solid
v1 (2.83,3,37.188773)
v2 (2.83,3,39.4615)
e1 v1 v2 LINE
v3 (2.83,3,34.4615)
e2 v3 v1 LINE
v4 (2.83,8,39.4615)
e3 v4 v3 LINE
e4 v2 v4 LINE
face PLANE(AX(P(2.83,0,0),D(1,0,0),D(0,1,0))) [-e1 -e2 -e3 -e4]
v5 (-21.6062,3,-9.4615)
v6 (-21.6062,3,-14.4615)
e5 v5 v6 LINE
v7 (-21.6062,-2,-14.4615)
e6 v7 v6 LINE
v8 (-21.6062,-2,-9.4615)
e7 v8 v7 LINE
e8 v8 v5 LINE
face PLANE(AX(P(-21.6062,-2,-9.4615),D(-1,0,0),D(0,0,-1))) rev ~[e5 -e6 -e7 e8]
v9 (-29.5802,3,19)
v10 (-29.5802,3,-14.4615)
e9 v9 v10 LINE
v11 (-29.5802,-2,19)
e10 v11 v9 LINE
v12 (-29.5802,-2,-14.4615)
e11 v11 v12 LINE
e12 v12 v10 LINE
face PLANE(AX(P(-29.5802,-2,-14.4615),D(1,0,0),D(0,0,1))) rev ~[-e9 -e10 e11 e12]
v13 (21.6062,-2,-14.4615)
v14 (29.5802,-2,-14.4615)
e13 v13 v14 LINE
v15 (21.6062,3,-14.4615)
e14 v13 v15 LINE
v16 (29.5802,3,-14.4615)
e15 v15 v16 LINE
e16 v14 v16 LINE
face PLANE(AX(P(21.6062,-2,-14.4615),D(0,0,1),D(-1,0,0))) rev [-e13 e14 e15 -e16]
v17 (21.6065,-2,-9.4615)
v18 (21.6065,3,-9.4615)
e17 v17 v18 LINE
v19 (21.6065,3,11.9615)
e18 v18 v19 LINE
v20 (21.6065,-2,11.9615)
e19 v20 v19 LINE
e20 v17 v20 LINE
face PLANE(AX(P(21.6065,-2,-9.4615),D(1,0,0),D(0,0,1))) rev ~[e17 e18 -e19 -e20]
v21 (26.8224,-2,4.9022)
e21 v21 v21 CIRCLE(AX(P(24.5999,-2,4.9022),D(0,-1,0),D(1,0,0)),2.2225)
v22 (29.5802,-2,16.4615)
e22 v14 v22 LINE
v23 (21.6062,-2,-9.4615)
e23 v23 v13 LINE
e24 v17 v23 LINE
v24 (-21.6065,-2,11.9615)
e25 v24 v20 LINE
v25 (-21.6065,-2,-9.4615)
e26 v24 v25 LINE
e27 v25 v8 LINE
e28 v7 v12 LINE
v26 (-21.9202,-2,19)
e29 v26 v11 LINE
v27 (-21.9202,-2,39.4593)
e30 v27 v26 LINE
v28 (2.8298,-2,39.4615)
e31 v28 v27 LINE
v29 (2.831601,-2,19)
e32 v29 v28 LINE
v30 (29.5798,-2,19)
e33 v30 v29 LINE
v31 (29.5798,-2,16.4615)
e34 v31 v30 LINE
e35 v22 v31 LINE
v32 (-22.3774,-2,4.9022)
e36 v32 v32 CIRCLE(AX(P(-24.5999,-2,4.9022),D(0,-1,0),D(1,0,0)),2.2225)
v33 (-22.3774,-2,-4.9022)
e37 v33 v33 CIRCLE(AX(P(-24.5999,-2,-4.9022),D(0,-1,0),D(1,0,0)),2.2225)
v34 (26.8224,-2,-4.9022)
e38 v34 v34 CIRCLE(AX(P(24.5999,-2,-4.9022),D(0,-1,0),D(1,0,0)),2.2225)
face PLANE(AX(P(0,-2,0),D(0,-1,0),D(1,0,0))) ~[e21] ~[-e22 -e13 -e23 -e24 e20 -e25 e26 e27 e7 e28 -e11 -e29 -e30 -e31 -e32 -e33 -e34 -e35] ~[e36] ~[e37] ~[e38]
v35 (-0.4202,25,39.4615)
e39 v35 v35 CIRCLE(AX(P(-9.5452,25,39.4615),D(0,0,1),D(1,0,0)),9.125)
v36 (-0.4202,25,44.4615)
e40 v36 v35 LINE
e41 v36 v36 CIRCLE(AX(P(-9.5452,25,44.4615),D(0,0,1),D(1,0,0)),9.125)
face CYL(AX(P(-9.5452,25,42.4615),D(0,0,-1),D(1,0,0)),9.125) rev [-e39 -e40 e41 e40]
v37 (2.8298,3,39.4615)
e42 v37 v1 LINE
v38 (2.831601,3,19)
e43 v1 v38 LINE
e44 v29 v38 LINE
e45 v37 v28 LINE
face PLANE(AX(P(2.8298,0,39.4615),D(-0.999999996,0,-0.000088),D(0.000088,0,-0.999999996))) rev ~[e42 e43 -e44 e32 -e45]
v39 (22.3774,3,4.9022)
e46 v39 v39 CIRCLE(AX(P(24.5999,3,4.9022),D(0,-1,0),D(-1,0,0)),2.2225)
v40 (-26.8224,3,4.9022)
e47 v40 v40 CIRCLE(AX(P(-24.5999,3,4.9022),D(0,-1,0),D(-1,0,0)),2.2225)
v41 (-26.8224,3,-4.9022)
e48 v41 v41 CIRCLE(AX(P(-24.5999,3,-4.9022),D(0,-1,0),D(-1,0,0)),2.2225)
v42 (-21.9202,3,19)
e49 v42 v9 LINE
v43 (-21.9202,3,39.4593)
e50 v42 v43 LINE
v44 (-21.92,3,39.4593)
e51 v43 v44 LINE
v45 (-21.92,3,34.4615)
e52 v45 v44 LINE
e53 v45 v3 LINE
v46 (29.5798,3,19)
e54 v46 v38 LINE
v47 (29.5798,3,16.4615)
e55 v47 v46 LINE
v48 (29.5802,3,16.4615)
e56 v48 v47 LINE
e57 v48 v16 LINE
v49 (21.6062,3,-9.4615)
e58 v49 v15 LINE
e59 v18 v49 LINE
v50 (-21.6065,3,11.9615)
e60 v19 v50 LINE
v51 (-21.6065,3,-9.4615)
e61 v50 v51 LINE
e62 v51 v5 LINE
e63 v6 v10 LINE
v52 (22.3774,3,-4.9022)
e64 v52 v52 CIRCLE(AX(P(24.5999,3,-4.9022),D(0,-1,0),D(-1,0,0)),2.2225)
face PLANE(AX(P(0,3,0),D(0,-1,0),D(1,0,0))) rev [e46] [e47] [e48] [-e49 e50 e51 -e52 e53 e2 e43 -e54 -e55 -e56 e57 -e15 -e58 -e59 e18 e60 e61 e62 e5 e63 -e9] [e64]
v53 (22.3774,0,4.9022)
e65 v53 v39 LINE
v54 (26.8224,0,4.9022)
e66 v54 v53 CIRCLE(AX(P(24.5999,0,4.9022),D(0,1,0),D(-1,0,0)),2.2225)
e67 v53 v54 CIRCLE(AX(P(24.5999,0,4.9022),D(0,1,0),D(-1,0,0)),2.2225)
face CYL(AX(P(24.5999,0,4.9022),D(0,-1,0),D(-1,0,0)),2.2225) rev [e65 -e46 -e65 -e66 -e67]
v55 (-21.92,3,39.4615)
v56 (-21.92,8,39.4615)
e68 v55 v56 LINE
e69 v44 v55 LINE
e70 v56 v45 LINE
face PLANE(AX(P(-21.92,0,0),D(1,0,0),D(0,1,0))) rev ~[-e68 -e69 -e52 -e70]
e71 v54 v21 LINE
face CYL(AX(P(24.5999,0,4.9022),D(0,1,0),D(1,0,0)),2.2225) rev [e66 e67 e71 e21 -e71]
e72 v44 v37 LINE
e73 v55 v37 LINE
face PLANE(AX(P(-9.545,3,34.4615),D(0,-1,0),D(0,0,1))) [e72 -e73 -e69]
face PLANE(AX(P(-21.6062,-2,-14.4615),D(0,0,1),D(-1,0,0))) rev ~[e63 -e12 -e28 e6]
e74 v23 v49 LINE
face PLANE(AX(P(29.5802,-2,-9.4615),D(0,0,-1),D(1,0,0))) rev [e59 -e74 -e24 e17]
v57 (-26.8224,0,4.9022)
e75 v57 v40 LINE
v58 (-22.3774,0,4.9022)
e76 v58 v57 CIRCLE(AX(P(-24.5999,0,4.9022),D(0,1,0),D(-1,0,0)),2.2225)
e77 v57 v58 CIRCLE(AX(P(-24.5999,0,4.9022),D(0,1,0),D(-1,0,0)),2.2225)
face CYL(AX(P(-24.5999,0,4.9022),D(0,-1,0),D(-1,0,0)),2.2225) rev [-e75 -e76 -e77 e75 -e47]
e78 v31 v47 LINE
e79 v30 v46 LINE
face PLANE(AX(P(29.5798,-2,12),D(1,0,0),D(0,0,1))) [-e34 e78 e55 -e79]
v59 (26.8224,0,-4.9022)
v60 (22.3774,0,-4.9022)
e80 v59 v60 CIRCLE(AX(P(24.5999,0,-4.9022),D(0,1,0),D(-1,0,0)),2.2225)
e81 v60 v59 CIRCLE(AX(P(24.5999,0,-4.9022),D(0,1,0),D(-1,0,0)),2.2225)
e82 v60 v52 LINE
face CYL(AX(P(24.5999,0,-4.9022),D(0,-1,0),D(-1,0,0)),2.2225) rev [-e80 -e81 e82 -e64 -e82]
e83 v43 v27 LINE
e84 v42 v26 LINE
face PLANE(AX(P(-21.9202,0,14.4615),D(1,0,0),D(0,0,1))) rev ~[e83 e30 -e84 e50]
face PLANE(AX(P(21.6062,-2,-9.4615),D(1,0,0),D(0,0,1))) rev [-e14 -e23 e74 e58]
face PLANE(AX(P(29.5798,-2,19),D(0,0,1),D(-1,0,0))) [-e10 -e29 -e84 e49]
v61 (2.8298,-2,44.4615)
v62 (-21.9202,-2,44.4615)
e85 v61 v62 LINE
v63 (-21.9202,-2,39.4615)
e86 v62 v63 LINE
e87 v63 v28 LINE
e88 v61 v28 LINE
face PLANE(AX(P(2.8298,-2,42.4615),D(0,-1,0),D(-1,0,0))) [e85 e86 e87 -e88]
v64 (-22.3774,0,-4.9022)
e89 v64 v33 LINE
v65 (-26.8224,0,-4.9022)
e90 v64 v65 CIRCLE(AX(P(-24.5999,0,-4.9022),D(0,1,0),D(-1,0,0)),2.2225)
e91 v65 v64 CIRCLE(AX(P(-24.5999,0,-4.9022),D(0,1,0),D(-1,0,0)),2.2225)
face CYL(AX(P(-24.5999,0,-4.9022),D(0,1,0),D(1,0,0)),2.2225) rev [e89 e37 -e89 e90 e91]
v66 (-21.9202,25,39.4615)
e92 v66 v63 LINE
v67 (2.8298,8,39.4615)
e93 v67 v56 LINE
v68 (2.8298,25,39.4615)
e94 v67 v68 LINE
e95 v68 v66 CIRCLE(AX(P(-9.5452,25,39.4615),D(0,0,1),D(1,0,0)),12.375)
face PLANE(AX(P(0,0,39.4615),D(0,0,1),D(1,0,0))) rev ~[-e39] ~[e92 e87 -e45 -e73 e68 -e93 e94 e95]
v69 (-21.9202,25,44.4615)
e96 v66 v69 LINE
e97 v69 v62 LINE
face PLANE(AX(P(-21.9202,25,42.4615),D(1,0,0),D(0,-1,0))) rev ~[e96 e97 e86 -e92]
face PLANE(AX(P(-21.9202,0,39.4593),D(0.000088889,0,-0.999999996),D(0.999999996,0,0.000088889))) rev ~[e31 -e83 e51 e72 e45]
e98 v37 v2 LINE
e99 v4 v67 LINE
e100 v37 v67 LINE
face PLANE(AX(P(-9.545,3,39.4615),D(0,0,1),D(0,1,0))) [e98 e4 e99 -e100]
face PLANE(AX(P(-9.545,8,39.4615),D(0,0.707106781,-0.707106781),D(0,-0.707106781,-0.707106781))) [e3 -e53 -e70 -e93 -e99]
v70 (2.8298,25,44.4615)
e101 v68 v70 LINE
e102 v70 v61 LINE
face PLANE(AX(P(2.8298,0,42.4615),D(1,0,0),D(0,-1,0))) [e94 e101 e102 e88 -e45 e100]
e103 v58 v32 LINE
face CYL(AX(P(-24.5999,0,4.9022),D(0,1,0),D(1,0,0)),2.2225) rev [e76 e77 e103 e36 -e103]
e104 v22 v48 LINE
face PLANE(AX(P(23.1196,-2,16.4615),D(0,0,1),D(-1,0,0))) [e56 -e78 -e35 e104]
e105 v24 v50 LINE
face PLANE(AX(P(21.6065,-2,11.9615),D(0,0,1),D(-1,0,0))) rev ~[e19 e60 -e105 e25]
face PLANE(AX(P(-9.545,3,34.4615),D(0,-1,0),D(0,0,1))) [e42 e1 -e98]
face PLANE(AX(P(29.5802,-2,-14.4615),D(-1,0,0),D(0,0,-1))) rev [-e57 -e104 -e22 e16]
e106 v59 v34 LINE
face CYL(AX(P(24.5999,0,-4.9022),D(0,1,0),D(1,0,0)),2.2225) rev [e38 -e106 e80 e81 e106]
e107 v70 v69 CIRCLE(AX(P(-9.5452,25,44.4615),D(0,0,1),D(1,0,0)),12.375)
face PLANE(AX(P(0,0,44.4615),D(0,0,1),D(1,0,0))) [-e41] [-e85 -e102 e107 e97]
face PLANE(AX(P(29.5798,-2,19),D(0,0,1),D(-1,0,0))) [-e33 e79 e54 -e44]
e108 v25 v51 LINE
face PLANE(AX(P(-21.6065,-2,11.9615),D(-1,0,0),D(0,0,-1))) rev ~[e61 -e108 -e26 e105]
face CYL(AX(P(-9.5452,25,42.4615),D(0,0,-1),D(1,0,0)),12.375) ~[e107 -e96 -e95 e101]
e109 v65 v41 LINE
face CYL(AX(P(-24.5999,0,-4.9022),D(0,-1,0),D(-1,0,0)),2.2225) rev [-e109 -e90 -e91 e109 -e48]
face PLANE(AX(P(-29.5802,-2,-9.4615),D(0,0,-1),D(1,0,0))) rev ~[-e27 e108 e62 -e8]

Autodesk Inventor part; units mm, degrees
ref_plane "XZ Plane" through (0, 0, 0) normal (0, 1, 0) x (-1, 0, 0)
sketch "Sketch1" plane through (0, 0, 0) normal (0, 1, 0) x (-1, 0, 0)
  circle A0 centre (24.5999, -4.9022) radius 2.2225
  line L0 (26.4238, -3.6322) -> (26.6065, -3.6322)
  circle A1 centre (24.5999, 4.9022) radius 2.2225
  line L1 (26.6196, 9.4615) -> (23.1196, 9.4615)
  line L2 (26.6065, -9.4615) -> (20.6065, -9.4615)
  line L3 (26.4238, -6.1722) -> (26.6065, -6.1722)
  line L4 (23.1196, 9.4615) -> (23.1196, 14.4615)
  line L5 (-26.4238, -3.6322) -> (-26.6065, -3.6322)
  line L6 (-26.4238, -6.1722) -> (-26.6065, -6.1722)
  line L7 (-26.6065, -9.4615) -> (-20.6065, -9.4615)
  circle A2 centre (-24.5999, -4.9022) radius 2.2225
  circle A3 centre (-24.5999, 4.9022) radius 2.2225
  line L8 (-26.6196, 9.4615) -> (-23.1196, 9.4615)
  line L9 (-23.1196, 9.4615) -> (-23.1196, 14.4615)
  line L10 (20.6065, 10.9615) -> (-20.6065, 10.9615)
  line L11 (23.1196, 14.4615) -> (21.9202, 14.4615)
  line L12 (-12.375, 14.4615) -> (-23.1196, 14.4615)
  line L13 (21.9202, 14.4593) -> (21.9202, 39.4593)
  line L14 (21.9202, 14.4593) -> (46.9202, 14.4593) construction
  line L15 (21.9202, 39.4593) -> (-2.8298, 39.4615)
  line L16 (-2.8298, 39.4615) -> (-2.832, 14.4615)
  line L17 (-2.832, 14.4615) -> (-12.375, 14.4615)
  line L18 (-26.6196, 9.4615) -> (-29.5802, 9.4615)
  line L19 (-29.5802, 9.4615) -> (-29.5802, -9.4615)
  line L20 (-29.5802, -9.4615) -> (-26.6065, -9.4615)
  line L21 (26.6196, 9.4615) -> (29.5802, 9.4615)
  line L22 (29.5802, 9.4615) -> (29.5802, -9.4615)
  line L23 (29.5802, -9.4615) -> (26.6065, -9.4615)
  line L24 (-20.6065, -9.4615) -> (-20.6065, 10.9615)
  line L25 (20.6065, -9.4615) -> (20.6065, 10.9615)
  point P0 (-26.4238, 3.6322)
  point P1 (0, 0)
  point P2 (9.5452, 14.4593)
  dimension "d38" = 90
  dimension "d39" = 24.75
  dimension "d41" = 90
  dimension "d43" = 4.9803
  dimension "d45" = 4.9803
extrude "Extrusion1" add sketch "Sketch1" along normal blind 3 contours A0 | A1 | L21 L22 L23 L2 L25 L10 L24 L7 L20 L19 L18 L8 L9 L12 L17 L16 L15 L13 L11 L4 L1 | A2 | A3
ref_plane "Work Plane1" through (0, 0, 39.4615) normal (0, 0, 1) x (1, 0, 0)
sketch "Sketch2" plane through (0, 0, 39.4615) normal (0, 0, 1) x (1, 0, 0)
  circle A0 centre (-9.5452, 25) radius 9.125
  line L0 (-21.9202, 0) -> (2.8298, 0)
  arc A1 (2.8298, 25) -> (-21.9202, 25) centre (-9.5452, 25) ccw
  line L1 (2.8298, 0) -> (2.8298, 25)
  line L2 (-21.9202, 0) -> (-21.9202, 25)
  point P0 (0, 0)
  point P1 (-9.5452, 0)
  dimension "d23" = 18.25
  dimension "d24" = 24.75
  dimension "d25" = 24.75
  dimension "d26" = 25
  dimension "d27" = 25
extrude "Extrusion2" add sketch "Sketch2" along normal blind 3
extrude "Extrusion3" cut sketch "Sketch1" along normal up to next contours A0 | A1 | A2 | A3
sketch "Sketch3" plane through (0, 0, 0) normal (0, -1, 0) x (1, 0, 0)
  circle A0 centre (-24.5999, -4.9022) radius 2.2225 projected
  circle A1 centre (-24.5999, 4.9022) radius 2.2225 projected
  circle A2 centre (24.5999, 4.9022) radius 2.2225 projected
  circle A3 centre (24.5999, -4.9022) radius 2.2225 projected
  line L0 (-29.5802, -9.4615) -> (-20.6065, -9.4615) projected
  line L1 (-20.6065, -9.4615) -> (-20.6065, 10.9615) projected
  line L2 (-20.6065, 10.9615) -> (20.6065, 10.9615) projected
  line L3 (20.6065, 10.9615) -> (20.6065, -9.4615) projected
  line L4 (20.6065, -9.4615) -> (29.5802, -9.4615) projected
  line L5 (29.5802, -9.4615) -> (29.5802, 9.4615) projected
  line L6 (29.5802, 9.4615) -> (23.1196, 9.4615) projected
  line L7 (23.1196, 9.4615) -> (23.1196, 14.4615) projected
  line L8 (23.1196, 14.4615) -> (2.832, 14.4615) projected
  line L9 (2.832, 14.4615) -> (2.8298, 39.4615) projected
  line L10 (2.8298, 39.4615) -> (-21.9202, 39.4593) projected
  line L11 (-21.9202, 39.4593) -> (-21.9202, 14.4615) projected
  line L12 (-21.9202, 14.4615) -> (-23.1196, 14.4615) projected
  line L13 (-23.1196, 14.4615) -> (-23.1196, 9.4615) projected
  line L14 (-23.1196, 9.4615) -> (-29.5802, 9.4615) projected
  line L15 (-29.5802, 9.4615) -> (-29.5802, -9.4615) projected
  line L16 (-21.9202, 39.4615) -> (2.8298, 39.4615) projected
  line L17 (2.8298, 39.4615) -> (2.8298, 42.4615) projected
  line L18 (-21.9202, 42.4615) -> (2.8298, 42.4615) projected
  line L19 (-21.9202, 39.4615) -> (-21.9202, 42.4615) projected
  point P0 (0, 0)
extrude "Extrusion4" add sketch "Sketch3" along normal blind 2
sketch "Sketch4" plane through (0, -2, 0) normal (0, -1, 0) x (1, 0, 0)
  circle A0 centre (24.5999, -4.9022) radius 2.2225 projected
  circle A1 centre (24.5999, 4.9022) radius 2.2225 projected
  circle A2 centre (-24.5999, 4.9022) radius 2.2225 projected
  circle A3 centre (-24.5999, -4.9022) radius 2.2225 projected
  line L0 (-29.5802, -9.4615) -> (-20.6065, -9.4615) projected
  line L1 (-20.6065, -9.4615) -> (-20.6065, 10.9615) projected
  line L2 (-20.6065, 10.9615) -> (20.6065, 10.9615) projected
  line L3 (20.6065, 10.9615) -> (20.6065, -9.4615) projected
  line L4 (20.6065, -9.4615) -> (29.5802, -9.4615) projected
  line L5 (29.5802, -9.4615) -> (29.5802, 9.4615) projected
  line L6 (29.5802, 9.4615) -> (23.1196, 9.4615) projected
  line L7 (23.1196, 9.4615) -> (23.1196, 14.4615) projected
  line L8 (23.1196, 14.4615) -> (2.832, 14.4615) projected
  line L9 (2.832, 14.4615) -> (2.8298, 39.4615) projected
  line L10 (2.8298, 39.4615) -> (-21.9202, 39.4593) projected
  line L11 (-21.9202, 39.4593) -> (-21.9202, 14.4615) projected
  line L12 (-21.9202, 14.4615) -> (-23.1196, 14.4615) projected
  line L13 (-23.1196, 14.4615) -> (-23.1196, 9.4615) projected
  line L14 (-23.1196, 9.4615) -> (-29.5802, 9.4615) projected
  line L15 (-29.5802, 9.4615) -> (-29.5802, -9.4615) projected
  line L16 (2.832, 14.4615) -> (23.1196, 14.4615)
  line L17 (23.1196, 14.4615) -> (23.1196, 16.4615)
  line L18 (23.1196, 16.4615) -> (2.832, 16.4615)
  line L19 (2.832, 16.4615) -> (2.832, 14.4615)
  line L20 (-21.9202, 14.4615) -> (-23.1196, 14.4615)
  line L21 (-23.1196, 14.4615) -> (-23.1196, 16.4615)
  line L22 (-23.1196, 16.4615) -> (-21.9202, 16.4615)
  line L23 (-21.9202, 16.4615) -> (-21.9202, 14.4615)
  point P0 (0, 0)
  dimension "d52" = 2
  dimension "d53" = 2
extrude "Extrusion5" add sketch "Sketch4" against normal blind 5 contours L21 L22 L11 L12 | L8 L9 L18 L17
sketch "Sketch5" plane through (0, -2, 0) normal (0, -1, 0) x (1, 0, 0)
  line L0 (20.6065, 10.9615) -> (-20.6065, 10.9615)
  line L1 (-20.6065, 10.9615) -> (-20.6065, 11.9615)
  line L2 (-20.6065, 11.9615) -> (20.6065, 11.9615)
  line L3 (20.6065, 11.9615) -> (20.6065, 10.9615)
  point P0 (0, 0)
  dimension "d56" = 1
extrude "Extrusion6" cut sketch "Sketch5" against normal up to next
sketch "Sketch6" plane through (0, -2, 0) normal (0, -1, 0) x (1, 0, 0)
  line L0 (21.6065, 11.9615) -> (-21.6065, 11.9615)
  line L1 (-21.6065, 11.9615) -> (-21.6065, -9.4615)
  line L2 (-21.6065, -9.4615) -> (21.6065, -9.4615)
  line L3 (21.6065, -9.4615) -> (21.6065, 11.9615)
  line L4 (20.6065, 11.9615) -> (20.6065, -9.4615) projected
  line L5 (-20.6065, -9.4615) -> (-20.6065, 11.9615) projected
  line L6 (-20.6065, 11.9615) -> (20.6065, 11.9615) projected
  point P0 (0, 0)
  dimension "d59" = 1
  dimension "d60" = 1
  dimension "d61" = 0
extrude "Extrusion7" cut sketch "Sketch6" against normal up to next
sketch "Sketch7" plane through (0, -2, 0) normal (0, -1, 0) x (1, 0, 0)
  line L0 (-23.1196, 9.4615) -> (-29.5802, 9.4615)
  line L1 (-29.5802, 9.4615) -> (-29.5802, 16.4615)
  line L2 (-29.5802, 16.4615) -> (-23.1196, 16.4615)
  line L3 (-23.1196, 16.4615) -> (-23.1196, 9.4615)
  line L4 (23.1196, 9.4615) -> (29.5802, 9.4615)
  line L5 (29.5802, 9.4615) -> (29.5802, 16.4615)
  line L6 (29.5802, 16.4615) -> (23.1196, 16.4615)
  line L7 (23.1196, 16.4615) -> (23.1196, 9.4615)
  point P0 (0, 0)
  dimension "d64" = 7
  dimension "d65" = 6.4606
extrude "Extrusion8" add sketch "Sketch7" against normal blind 5
sketch "Sketch8" plane through (0, -2, 0) normal (0, -1, 0) x (1, 0, 0)
  line L0 (-29.5802, -9.4615) -> (-21.6062, -9.4615)
  line L1 (-21.6062, -9.4615) -> (-21.6062, -14.4615)
  line L2 (-21.6062, -14.4615) -> (-29.5802, -14.4615)
  line L3 (-29.5802, -14.4615) -> (-29.5802, -9.4615)
  point P0 (0, 0)
  dimension "d68" = 7.974
  dimension "d69" = 5
extrude "Extrusion9" add sketch "Sketch8" against normal blind 5
mirror "Mirror1" about plane through (0, 0, 0) normal (1, 0, 0) of "Extrusion9"
sketch "Sketch9" plane through (0, -2, 0) normal (0, -1, 0) x (1, 0, 0)
  line L0 (-29.5802, -14.4615) -> (-29.5802, 16.4615) projected
  line L1 (-29.5802, 12) -> (29.5798, 12)
  line L2 (29.5798, 12) -> (29.5798, 19)
  line L3 (29.5798, 19) -> (-29.5802, 19)
  line L4 (-29.5802, 19) -> (-29.5802, 12)
  point P0 (0, 0)
  dimension "d72" = 59.16
extrude "Extrusion10" add sketch "Sketch9" against normal blind 5
sketch "Sketch10" plane through (0, 0, 42.4615) normal (0, 0, 1) x (1, 0, 0)
  circle A0 centre (-9.5452, 25) radius 9.125 projected
  line L0 (2.8298, 0) -> (2.8298, 25) projected
  arc A1 (2.8298, 25) -> (-21.9202, 25) centre (-9.5452, 25) ccw projected
  line L1 (-21.9202, 25) -> (-21.9202, -2) projected
  line L2 (2.8298, -2) -> (-21.9202, -2) projected
  line L3 (2.8298, 0) -> (2.8298, -2) projected
  point P0 (0, 0)
extrude "Extrusion11" add sketch "Sketch10" along normal blind 2
ref_plane "Work Plane2" through (-9.545, 0, 0) normal (1, 0, 0) x (0, 1, 0)
sketch "Sketch12" plane through (-9.545, 0, 0) normal (1, 0, 0) x (0, 1, 0)
  line L0 (3, 39.4615) -> (8, 39.4615)
  line L1 (8, 39.4615) -> (3, 34.4615)
  line L2 (3, 34.4615) -> (3, 39.4615)
  line L3 (3, 39.4615) -> (8, 39.4615)
  line L4 (3, 39.4615) -> (25, 39.4615) projected
  point P0 (0, 0)
  dimension "d79" = 5
  dimension "d80" = 45
  dimension "d83" = 5
extrude "Extrusion12" add sketch "Sketch12" along normal mid plane 24.75
equation "\"d43\" = d42"
equation "\"d45\" = d44"
equation "\"d27\" = d26"
equation "\"d44\" = 4.980307"
equation "\"d42\" = 4.980307"
properties part number "Dudukan Proximity Servo"
